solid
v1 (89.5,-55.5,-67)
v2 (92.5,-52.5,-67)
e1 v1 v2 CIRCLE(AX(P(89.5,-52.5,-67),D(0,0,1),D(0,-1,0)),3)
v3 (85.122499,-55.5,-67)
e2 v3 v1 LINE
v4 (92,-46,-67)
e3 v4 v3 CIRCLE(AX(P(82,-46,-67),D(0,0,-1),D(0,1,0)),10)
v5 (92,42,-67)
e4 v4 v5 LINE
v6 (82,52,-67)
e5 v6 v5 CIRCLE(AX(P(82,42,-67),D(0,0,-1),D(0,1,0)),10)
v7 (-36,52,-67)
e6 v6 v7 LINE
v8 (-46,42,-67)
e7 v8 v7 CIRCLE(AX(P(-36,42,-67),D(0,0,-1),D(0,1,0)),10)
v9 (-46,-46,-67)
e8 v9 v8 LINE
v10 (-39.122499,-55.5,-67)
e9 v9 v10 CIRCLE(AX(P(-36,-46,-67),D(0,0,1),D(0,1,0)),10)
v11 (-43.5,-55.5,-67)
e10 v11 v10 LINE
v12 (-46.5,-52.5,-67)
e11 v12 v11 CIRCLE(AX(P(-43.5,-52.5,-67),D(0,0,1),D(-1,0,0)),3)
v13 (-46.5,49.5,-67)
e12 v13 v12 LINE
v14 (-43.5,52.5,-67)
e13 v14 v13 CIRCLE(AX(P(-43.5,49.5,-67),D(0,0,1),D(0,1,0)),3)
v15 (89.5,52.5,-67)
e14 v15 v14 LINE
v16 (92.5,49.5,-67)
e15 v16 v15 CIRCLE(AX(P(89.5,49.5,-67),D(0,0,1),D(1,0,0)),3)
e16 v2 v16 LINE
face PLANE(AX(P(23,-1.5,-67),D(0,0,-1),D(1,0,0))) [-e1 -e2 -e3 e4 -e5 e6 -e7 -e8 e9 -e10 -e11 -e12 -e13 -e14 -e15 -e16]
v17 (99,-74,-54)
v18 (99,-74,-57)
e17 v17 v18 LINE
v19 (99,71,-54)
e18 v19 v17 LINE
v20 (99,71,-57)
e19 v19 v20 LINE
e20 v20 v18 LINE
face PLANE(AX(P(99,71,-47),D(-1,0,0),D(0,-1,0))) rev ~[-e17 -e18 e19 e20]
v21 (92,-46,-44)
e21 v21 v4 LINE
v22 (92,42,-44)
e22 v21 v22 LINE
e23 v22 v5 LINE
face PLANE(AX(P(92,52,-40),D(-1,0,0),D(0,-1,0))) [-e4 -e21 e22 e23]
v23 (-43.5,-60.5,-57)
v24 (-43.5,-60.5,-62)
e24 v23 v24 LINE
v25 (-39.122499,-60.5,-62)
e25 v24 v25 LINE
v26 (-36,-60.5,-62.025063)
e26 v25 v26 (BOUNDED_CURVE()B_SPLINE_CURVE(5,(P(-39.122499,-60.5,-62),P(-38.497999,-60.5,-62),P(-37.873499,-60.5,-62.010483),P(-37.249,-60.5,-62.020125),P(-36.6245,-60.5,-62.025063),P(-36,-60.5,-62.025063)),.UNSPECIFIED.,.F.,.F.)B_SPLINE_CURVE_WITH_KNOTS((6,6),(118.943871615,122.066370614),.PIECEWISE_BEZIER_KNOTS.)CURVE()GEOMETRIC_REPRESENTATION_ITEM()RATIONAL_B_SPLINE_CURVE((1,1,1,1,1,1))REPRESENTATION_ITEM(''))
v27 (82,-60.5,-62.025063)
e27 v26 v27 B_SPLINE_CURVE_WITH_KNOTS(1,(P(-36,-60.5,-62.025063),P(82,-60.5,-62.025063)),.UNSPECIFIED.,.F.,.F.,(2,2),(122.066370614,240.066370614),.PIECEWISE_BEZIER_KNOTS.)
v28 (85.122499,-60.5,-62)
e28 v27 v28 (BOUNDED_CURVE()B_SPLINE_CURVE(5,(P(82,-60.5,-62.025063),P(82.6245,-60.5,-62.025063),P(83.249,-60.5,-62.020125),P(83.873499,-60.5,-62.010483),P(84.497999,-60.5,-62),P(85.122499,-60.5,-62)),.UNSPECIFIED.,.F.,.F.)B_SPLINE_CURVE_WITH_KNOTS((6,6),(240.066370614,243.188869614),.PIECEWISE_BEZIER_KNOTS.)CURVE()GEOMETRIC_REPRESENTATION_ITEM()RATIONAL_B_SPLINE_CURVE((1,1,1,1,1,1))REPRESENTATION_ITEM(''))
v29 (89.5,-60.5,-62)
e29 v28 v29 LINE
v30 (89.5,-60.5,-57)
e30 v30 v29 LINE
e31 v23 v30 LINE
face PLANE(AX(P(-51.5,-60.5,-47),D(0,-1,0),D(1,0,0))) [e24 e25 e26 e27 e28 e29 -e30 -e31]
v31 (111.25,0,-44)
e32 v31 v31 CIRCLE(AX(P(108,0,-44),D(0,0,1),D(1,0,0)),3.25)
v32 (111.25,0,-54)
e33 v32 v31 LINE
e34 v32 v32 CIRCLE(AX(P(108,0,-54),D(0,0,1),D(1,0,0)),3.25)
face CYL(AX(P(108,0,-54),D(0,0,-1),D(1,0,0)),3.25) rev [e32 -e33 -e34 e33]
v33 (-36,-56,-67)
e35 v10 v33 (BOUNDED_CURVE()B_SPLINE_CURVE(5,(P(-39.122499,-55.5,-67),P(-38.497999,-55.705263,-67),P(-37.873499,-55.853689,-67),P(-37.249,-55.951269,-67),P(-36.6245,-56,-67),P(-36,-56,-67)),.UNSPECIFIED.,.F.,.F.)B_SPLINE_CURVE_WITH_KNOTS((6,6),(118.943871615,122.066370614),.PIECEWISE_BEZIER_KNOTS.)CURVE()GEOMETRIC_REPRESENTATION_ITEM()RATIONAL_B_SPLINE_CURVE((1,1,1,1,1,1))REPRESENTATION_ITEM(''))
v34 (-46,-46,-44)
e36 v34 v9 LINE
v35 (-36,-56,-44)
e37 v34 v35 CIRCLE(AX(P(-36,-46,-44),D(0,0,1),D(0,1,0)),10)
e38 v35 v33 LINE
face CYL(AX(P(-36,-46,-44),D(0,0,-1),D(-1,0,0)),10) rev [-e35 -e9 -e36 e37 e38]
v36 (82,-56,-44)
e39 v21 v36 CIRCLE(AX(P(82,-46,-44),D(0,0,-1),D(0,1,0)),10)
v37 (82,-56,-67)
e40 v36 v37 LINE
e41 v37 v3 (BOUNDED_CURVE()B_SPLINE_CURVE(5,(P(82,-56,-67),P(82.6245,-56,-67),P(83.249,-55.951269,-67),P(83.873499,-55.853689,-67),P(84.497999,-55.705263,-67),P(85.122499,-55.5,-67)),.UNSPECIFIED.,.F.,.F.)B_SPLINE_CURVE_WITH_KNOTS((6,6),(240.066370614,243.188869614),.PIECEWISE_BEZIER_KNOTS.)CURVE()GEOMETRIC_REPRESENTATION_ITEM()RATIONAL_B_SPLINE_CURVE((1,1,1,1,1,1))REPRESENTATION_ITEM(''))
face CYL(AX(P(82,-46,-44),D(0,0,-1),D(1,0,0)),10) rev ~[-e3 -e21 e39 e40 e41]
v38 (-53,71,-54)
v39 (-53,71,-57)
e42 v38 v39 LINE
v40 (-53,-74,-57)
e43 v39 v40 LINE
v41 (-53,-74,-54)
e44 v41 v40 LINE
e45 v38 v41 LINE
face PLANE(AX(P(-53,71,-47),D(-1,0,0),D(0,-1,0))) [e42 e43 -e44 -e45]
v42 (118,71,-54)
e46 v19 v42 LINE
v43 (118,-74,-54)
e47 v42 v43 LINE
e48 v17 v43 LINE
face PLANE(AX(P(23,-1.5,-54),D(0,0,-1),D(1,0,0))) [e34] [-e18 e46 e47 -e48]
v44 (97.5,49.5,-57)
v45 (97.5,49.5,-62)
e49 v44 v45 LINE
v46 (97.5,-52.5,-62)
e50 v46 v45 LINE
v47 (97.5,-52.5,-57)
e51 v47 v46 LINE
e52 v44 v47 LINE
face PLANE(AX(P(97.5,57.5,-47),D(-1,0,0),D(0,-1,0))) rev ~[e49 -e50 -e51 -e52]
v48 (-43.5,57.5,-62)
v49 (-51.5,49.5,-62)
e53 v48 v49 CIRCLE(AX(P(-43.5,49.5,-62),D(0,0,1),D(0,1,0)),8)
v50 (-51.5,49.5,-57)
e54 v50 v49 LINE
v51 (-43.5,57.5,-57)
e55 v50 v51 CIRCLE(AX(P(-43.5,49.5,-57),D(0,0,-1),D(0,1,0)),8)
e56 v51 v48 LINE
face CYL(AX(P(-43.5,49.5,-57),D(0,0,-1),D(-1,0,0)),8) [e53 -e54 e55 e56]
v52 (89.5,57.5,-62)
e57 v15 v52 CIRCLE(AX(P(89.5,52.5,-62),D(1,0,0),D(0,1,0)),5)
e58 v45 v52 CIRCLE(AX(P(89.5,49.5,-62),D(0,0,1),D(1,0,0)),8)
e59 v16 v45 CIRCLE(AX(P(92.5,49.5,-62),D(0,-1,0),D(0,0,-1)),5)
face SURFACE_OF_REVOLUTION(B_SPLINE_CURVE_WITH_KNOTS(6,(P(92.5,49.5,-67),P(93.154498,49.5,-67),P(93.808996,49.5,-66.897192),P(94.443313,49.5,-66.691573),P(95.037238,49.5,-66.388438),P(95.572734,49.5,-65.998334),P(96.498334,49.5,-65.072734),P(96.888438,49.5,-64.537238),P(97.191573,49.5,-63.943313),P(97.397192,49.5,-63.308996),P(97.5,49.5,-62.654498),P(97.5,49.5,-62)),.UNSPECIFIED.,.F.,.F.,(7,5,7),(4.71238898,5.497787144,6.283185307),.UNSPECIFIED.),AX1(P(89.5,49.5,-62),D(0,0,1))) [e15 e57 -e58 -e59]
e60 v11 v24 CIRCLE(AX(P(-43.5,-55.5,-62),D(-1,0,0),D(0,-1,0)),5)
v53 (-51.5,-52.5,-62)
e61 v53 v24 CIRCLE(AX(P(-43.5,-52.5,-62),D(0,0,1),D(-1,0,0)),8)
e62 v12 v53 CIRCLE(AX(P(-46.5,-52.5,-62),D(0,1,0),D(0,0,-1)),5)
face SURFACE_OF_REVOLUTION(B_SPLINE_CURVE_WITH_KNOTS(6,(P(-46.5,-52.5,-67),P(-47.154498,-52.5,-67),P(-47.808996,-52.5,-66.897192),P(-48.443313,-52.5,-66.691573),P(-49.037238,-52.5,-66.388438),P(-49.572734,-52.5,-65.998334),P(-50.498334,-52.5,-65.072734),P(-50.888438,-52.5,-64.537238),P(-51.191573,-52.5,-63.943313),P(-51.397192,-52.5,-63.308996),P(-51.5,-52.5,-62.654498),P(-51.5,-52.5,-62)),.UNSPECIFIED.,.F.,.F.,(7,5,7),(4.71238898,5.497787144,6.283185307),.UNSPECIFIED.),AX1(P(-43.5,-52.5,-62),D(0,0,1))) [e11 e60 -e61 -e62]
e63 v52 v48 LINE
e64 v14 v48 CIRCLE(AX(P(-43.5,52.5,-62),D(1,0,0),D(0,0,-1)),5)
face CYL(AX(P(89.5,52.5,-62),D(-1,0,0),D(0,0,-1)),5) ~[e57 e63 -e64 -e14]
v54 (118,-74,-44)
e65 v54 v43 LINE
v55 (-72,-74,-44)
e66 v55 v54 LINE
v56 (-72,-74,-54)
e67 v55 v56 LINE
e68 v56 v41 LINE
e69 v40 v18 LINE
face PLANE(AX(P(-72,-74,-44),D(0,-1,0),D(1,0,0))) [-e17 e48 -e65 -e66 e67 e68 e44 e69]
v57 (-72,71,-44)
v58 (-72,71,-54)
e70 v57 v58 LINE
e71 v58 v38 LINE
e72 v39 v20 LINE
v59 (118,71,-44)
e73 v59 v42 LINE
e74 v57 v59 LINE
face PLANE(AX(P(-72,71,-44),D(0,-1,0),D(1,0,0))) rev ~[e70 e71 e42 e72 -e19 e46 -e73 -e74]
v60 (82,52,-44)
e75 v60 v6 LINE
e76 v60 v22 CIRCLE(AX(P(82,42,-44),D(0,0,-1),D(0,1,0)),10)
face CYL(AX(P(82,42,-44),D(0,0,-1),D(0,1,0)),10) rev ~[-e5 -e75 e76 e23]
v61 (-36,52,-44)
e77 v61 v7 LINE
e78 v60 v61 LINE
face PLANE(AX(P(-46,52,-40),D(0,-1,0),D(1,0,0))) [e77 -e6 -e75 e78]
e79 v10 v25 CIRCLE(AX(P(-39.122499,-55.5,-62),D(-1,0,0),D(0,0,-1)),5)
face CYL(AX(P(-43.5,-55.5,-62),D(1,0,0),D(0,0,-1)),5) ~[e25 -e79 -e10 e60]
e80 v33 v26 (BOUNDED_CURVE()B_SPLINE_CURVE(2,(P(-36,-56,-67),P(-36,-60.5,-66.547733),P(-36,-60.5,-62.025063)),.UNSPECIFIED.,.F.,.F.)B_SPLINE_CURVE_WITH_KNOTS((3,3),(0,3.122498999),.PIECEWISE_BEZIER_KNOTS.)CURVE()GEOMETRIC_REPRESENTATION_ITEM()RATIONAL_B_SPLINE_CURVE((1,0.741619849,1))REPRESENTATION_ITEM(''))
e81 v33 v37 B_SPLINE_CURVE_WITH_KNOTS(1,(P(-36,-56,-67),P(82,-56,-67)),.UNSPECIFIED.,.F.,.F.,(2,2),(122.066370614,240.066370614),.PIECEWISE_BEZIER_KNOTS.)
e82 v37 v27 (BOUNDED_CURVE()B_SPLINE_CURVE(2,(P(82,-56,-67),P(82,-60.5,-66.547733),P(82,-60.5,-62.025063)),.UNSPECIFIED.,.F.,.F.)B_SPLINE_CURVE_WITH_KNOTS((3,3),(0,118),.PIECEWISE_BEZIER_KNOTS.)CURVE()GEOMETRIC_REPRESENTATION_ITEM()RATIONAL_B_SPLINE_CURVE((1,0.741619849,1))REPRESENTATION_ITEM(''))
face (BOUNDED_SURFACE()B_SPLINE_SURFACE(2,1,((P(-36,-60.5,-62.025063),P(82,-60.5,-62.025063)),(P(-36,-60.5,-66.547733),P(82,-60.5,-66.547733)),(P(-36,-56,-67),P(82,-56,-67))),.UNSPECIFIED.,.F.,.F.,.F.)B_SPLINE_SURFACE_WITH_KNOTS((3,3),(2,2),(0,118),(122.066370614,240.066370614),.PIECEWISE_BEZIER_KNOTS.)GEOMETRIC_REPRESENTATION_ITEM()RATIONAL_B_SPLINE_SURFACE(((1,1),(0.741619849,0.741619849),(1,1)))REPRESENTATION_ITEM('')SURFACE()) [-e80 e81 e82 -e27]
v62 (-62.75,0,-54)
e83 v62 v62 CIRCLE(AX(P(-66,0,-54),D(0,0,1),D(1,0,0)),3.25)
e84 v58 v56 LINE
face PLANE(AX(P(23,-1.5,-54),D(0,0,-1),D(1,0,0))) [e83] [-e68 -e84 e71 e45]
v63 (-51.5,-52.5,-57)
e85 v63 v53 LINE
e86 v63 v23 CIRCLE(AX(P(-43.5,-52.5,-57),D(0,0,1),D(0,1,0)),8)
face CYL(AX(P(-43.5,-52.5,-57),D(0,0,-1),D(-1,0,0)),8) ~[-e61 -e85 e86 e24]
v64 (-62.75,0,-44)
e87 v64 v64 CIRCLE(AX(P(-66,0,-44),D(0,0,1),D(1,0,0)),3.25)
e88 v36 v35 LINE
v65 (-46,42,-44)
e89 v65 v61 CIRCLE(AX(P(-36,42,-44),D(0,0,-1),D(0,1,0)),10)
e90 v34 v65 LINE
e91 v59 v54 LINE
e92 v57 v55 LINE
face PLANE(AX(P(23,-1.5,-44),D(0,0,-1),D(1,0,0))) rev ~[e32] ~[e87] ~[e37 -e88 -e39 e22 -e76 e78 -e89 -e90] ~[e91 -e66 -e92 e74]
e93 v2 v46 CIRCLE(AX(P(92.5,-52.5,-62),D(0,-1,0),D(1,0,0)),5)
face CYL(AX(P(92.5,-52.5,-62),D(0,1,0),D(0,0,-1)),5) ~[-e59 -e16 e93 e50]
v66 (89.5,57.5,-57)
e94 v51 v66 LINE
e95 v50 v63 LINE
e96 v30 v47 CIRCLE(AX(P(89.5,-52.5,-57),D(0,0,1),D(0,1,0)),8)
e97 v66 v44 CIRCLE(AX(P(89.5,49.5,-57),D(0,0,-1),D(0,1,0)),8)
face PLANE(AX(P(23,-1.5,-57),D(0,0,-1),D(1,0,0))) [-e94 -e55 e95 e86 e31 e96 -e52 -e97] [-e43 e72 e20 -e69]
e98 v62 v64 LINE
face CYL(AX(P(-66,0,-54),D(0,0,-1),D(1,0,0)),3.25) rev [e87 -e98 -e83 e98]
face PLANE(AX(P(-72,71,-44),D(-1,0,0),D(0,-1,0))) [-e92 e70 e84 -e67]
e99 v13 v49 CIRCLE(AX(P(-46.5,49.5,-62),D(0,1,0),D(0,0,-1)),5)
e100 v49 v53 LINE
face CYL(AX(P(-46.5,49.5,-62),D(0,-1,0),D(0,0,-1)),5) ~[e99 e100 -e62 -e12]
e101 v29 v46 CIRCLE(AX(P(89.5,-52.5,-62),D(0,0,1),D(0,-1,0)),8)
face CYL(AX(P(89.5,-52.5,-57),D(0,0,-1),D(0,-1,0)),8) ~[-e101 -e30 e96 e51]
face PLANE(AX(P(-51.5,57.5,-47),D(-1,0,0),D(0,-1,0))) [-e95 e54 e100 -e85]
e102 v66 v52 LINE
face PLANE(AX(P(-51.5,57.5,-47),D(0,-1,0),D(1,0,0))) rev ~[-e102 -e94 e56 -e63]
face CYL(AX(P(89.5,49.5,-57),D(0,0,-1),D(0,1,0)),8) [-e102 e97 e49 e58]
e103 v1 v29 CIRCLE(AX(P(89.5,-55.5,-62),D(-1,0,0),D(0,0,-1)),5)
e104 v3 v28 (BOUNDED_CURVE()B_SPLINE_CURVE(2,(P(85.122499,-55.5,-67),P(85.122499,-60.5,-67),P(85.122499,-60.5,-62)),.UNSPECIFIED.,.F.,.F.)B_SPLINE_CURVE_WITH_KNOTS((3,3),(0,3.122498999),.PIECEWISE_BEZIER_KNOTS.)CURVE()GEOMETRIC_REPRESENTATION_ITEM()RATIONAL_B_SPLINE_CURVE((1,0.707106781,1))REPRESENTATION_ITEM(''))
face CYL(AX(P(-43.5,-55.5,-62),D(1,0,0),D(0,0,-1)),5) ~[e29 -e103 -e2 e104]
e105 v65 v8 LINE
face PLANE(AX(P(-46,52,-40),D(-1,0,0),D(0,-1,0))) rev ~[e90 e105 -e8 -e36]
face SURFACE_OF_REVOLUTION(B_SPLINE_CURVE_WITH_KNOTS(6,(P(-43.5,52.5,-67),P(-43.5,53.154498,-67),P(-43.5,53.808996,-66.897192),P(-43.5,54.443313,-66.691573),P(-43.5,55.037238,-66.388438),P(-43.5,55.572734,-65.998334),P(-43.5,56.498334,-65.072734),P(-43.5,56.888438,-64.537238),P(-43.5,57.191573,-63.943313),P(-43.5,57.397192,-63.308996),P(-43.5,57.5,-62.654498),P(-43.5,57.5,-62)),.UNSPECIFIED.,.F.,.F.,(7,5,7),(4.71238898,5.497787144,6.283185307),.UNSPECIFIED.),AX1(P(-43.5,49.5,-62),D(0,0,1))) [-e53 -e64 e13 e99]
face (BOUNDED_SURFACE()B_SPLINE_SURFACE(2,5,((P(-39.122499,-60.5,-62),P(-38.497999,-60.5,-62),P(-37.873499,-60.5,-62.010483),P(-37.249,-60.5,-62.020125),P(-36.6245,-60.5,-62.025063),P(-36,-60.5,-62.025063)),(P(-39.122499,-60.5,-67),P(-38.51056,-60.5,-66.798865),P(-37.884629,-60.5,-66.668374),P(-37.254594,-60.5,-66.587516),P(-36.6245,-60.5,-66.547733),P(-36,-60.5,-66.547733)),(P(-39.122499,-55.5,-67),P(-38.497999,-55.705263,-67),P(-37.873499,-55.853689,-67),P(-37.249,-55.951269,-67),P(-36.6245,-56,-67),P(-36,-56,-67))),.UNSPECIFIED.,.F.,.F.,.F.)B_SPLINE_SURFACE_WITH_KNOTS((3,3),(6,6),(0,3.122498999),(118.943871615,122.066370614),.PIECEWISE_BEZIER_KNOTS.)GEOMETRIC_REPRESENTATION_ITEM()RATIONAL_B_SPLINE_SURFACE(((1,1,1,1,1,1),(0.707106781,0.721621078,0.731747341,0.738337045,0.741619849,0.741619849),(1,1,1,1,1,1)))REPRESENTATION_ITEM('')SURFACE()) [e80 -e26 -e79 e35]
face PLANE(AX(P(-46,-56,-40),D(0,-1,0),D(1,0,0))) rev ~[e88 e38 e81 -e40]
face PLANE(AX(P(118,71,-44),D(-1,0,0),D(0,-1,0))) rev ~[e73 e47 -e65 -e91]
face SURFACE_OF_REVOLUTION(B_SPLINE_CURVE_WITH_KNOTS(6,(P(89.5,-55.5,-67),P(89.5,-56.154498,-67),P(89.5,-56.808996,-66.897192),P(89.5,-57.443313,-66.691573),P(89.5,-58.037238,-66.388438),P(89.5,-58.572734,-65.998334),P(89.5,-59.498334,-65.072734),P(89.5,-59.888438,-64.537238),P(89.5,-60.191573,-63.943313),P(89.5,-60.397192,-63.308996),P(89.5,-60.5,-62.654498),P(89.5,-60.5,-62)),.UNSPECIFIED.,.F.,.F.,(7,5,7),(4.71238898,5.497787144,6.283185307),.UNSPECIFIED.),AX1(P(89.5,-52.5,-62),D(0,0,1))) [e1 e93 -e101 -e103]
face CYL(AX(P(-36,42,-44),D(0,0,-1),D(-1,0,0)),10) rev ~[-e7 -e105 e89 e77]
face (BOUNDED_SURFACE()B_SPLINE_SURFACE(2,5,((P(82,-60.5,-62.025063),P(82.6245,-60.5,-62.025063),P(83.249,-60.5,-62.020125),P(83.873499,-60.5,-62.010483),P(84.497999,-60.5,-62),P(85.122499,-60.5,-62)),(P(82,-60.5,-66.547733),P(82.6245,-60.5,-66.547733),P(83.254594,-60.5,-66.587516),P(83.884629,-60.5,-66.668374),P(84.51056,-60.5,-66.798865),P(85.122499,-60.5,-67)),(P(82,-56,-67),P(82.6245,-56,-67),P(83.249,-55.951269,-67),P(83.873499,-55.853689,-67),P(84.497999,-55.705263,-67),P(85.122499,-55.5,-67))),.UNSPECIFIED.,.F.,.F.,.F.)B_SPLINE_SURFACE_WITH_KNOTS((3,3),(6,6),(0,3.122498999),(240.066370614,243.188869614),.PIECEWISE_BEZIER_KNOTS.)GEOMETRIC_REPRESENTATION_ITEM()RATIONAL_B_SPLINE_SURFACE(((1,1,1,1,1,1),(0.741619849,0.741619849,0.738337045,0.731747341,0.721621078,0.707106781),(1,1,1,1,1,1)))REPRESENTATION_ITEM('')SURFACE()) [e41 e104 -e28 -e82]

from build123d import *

# Parameters (mm, degrees)
CYLINDER027_R             = 3.25
CYLINDER027_DEPTH         = 10
ARRAY009_X_COUNT          = 2
ARRAY009_X_PITCH          = 174
BOX051_W                  = 138
BOX051_H                  = 108
BOX051_DEPTH              = 37
BOX049_W                  = 152
BOX049_H                  = 145
BOX049_DEPTH              = 10
BOX048_W                  = 190
BOX048_H                  = 145
BOX048_DEPTH              = 10
BOX050_W                  = 149
BOX050_H                  = 118
BOX050_DEPTH              = 20
FILLET001_R               = 10
FILLET002_R               = 8
FILLET003_R               = 5
FILLET003_PLACEMENT_ANGLE = 180


with BuildPart() as array009:
    # Cylinder027 → Cylinder027 (new body)
    with BuildSketch(Plane(origin=(8, 75, 0), x_dir=(1, 0, 0), z_dir=(0, 0, 1))):
        Circle(CYLINDER027_R)
    extrude(amount=CYLINDER027_DEPTH)

    # Array009 X: Array009 ×2


with BuildPart() as array009_1:
    add(array009.part)
    with Locations(*[(i * ARRAY009_X_PITCH, 0, 0) for i in range(1, ARRAY009_X_COUNT)]):
        add(array009.part)


with BuildPart() as array009_2:
    # Array009 placement: moved
    add(array009_1.part.moved(Location((-74, -75, -54))))


with BuildPart() as cubo038:
    # Box051 → Box051 (new body)
    with BuildSketch(Plane(origin=(26, 19, -4), x_dir=(1, 0, 0), z_dir=(0, 0, 1))):
        with Locations((69, 54)):
            Rectangle(BOX051_W, BOX051_H)
    extrude(amount=BOX051_DEPTH)


with BuildPart() as cubo036:
    # Box049 → Box049 (new body)
    with BuildSketch(Plane(origin=(19, 0, 3), x_dir=(1, 0, 0), z_dir=(0, 0, 1))):
        with Locations((76, 72.5)):
            Rectangle(BOX049_W, BOX049_H)
    extrude(amount=BOX049_DEPTH)


with BuildPart() as cubo035:
    # Box048 → Box048 (new body)
    with BuildSketch(Plane.XY):
        with Locations((95, 72.5)):
            Rectangle(BOX048_W, BOX048_H)
    extrude(amount=BOX048_DEPTH)


with BuildPart() as cubeta_superior001:
    # Box050 → Box050 (new body)
    with BuildSketch(Plane(origin=(20.5, 13.5, 3), x_dir=(1, 0, 0), z_dir=(0, 0, 1))):
        with Locations((74.5, 59)):
            Rectangle(BOX050_W, BOX050_H)
    extrude(amount=BOX050_DEPTH)

    # Fusion026: union Cubo036, Cubo035
    add(cubo036.part)
    add(cubo035.part)

    # Cut035: cut Cubo038
    add(cubo038.part, mode=Mode.SUBTRACT)

    # Fillet001
    fillet001_edges = [cubeta_superior001.edges().sort_by_distance(p)[0] for p in [
        (164, 19, 11.5),
        (26, 19, 11.5),
        (164, 127, 11.5),
        (26, 127, 11.5),
    ]]
    fillet(fillet001_edges, radius=FILLET001_R)

    # Fillet002
    fillet002_edges = [cubeta_superior001.edges().sort_by_distance(p)[0] for p in [
        (20.5, 13.5, 18),
        (20.5, 131.5, 18),
        (169.5, 131.5, 18),
        (169.5, 13.5, 18),
    ]]
    fillet(fillet002_edges, radius=FILLET002_R)

    # Fillet003
    fillet003_edges = [cubeta_superior001.edges().sort_by_distance(p)[0] for p in [
        (20.5, 72.5, 23),
        (22.843146, 15.843146, 23),
        (22.843146, 129.156854, 23),
        (95, 13.5, 23),
        (95, 131.5, 23),
        (167.156854, 15.843146, 23),
        (167.156854, 129.156854, 23),
        (169.5, 72.5, 23),
    ]]
    fillet(fillet003_edges, radius=FILLET003_R)


with BuildPart() as cubeta_superior001_1:
    # Fillet003 placement: moved
    add(cubeta_superior001.part.moved(Location((-72, 71, -44))).rotate(Axis((-72, 71, -44), (1, 0, 0)), FILLET003_PLACEMENT_ANGLE))

    # Cut036: cut Array009
    add(array009_2.part, mode=Mode.SUBTRACT)


solid = cubeta_superior001_1.part
